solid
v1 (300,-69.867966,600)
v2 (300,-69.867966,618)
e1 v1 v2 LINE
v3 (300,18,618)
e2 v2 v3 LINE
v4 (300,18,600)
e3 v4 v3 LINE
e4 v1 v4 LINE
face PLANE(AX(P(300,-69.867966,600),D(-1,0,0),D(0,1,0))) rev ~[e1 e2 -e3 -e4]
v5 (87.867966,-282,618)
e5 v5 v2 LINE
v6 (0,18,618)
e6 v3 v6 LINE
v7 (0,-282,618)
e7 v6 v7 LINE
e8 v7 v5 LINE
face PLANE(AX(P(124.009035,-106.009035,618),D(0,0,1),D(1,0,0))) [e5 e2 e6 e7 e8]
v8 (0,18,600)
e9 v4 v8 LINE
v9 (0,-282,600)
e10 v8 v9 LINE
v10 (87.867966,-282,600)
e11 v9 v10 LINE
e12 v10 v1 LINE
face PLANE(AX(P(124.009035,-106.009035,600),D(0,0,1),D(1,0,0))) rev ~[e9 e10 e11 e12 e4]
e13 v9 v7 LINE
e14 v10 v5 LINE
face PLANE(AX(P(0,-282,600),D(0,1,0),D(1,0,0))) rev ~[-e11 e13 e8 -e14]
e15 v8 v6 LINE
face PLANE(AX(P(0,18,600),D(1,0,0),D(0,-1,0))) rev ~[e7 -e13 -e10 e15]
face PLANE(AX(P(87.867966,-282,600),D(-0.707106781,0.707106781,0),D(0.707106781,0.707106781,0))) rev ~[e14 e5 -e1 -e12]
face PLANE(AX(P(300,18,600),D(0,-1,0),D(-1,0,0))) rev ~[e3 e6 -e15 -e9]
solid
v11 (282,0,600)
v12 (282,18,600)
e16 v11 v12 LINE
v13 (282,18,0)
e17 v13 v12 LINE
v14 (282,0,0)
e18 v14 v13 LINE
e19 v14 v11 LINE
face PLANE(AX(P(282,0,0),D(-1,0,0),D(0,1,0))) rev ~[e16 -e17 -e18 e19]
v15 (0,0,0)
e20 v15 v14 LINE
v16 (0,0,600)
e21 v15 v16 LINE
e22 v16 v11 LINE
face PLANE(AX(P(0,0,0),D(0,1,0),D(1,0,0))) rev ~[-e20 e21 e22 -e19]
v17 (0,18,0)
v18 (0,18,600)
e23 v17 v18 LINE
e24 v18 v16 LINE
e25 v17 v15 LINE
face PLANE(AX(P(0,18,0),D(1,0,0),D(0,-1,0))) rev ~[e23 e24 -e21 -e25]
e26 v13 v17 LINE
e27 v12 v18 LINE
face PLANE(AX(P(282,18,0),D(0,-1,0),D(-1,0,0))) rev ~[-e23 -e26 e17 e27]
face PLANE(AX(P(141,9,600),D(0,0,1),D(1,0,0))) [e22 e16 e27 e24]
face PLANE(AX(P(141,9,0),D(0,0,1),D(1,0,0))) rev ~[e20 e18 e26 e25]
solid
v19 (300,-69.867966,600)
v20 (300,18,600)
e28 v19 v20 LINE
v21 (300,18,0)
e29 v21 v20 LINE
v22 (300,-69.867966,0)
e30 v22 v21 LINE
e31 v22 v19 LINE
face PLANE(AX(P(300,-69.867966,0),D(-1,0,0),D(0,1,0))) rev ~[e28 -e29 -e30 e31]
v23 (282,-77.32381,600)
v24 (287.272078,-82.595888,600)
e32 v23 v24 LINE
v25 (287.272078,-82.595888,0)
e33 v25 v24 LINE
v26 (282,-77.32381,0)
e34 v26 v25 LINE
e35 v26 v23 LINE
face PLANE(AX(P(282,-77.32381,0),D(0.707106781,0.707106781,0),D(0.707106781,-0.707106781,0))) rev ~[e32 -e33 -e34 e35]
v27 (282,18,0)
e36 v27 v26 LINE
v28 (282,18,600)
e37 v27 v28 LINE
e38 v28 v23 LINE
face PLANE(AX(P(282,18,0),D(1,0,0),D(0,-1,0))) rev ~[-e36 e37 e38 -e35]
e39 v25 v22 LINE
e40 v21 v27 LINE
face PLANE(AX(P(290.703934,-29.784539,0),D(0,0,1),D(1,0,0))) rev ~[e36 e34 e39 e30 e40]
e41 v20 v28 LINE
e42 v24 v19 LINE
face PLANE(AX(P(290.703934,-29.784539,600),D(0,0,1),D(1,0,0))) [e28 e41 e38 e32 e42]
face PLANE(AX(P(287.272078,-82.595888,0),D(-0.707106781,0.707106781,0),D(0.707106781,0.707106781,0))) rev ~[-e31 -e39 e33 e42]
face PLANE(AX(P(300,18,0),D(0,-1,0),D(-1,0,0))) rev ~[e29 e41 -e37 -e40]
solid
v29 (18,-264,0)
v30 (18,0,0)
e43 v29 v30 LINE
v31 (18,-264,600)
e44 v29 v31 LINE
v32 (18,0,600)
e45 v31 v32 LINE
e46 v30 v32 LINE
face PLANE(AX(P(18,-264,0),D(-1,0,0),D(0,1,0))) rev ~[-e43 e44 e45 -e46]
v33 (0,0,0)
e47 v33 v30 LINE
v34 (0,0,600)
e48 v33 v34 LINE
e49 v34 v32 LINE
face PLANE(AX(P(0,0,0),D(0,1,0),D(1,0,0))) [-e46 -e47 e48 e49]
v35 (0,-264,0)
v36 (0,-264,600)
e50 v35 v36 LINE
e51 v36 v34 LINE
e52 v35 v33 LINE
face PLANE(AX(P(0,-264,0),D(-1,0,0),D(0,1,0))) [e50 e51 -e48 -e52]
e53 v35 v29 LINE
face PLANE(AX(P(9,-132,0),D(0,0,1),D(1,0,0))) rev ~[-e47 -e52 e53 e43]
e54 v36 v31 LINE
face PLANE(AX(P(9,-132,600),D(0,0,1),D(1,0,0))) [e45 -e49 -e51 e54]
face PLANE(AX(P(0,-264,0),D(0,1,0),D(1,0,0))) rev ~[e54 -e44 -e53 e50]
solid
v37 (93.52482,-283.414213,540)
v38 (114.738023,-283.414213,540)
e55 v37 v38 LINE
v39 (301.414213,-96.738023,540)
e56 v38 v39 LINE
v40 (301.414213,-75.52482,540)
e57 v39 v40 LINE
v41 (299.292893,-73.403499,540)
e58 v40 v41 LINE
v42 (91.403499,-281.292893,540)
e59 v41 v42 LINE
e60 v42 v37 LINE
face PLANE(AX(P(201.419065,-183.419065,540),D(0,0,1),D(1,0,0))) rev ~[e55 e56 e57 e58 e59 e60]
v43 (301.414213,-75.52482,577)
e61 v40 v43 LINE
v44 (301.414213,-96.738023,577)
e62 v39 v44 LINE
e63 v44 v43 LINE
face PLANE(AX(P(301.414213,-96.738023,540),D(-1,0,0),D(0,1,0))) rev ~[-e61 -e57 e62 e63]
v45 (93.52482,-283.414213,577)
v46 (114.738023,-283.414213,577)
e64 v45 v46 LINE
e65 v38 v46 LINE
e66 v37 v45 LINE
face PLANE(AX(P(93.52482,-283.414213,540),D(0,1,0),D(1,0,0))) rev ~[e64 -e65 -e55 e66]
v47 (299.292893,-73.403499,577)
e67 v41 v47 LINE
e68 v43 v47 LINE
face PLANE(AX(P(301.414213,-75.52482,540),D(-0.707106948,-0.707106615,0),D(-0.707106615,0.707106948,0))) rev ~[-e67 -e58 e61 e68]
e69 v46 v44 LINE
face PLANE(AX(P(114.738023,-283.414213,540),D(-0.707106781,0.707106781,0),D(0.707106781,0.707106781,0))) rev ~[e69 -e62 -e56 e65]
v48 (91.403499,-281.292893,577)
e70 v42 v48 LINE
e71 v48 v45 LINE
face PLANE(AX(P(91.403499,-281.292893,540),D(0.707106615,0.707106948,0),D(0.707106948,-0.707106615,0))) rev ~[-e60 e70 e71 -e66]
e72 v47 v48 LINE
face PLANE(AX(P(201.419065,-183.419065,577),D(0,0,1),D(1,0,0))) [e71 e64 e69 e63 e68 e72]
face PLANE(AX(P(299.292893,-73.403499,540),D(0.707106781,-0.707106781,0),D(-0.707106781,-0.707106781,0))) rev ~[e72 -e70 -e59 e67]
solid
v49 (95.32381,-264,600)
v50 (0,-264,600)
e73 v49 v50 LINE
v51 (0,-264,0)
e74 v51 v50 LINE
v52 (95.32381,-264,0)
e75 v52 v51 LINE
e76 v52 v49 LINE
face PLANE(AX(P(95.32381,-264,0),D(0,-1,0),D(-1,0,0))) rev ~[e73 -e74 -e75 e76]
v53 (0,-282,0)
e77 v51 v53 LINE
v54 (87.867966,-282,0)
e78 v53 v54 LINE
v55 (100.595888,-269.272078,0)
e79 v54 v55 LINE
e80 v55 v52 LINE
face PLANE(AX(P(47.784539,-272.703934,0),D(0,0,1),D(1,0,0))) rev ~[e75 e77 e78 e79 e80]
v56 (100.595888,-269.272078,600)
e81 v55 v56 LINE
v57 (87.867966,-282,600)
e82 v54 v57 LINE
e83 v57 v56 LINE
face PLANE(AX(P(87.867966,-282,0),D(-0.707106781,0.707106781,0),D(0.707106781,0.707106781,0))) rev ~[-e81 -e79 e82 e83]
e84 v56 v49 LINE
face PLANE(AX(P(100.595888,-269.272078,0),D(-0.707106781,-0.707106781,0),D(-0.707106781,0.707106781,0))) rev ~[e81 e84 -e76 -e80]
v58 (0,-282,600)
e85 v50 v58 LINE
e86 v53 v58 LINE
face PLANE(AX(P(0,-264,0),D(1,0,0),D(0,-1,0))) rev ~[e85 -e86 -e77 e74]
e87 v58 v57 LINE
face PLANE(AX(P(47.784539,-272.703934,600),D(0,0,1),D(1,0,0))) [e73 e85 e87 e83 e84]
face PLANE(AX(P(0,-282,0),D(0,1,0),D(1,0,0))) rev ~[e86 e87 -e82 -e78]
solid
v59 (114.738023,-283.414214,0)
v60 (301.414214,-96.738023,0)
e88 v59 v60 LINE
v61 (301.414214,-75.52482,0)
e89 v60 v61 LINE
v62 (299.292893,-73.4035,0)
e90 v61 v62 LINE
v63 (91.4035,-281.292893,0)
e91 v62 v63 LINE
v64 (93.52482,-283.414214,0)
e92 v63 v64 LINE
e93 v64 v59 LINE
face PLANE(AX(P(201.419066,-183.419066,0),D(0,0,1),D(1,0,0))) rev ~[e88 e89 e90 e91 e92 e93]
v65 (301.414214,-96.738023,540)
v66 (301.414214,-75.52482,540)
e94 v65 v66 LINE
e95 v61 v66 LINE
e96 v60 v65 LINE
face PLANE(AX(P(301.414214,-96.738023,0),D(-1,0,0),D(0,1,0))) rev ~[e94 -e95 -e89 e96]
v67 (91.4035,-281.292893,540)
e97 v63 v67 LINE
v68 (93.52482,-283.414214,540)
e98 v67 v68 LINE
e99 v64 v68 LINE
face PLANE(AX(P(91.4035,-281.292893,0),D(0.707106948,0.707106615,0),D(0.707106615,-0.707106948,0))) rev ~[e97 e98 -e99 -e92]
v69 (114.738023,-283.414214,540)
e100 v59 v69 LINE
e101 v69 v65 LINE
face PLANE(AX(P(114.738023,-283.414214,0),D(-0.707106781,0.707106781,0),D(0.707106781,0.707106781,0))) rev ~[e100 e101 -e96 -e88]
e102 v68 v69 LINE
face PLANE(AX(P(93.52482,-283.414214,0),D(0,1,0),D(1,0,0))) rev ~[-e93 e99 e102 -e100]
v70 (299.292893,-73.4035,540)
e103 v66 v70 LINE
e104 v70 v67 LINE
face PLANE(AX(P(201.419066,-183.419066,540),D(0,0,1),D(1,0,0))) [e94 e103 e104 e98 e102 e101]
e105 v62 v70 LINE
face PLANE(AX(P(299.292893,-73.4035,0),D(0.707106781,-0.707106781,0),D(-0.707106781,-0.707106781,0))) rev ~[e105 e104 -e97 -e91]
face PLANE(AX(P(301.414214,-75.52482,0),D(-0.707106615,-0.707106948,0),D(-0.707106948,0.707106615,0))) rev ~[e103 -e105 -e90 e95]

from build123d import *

# Parameters (mm, degrees)
F0_W     = 18
F0_H     = 264
F1_DEPTH = 600
F2_DEPTH = 600
F3_DEPTH = 600
F4_DEPTH = 540
F6_DEPTH = 18
F7_DEPTH = 37


with BuildPart() as f1:
    # F0 (on Top) → F1 (new body)
    with BuildSketch(Plane.XY):
        with Locations((9, -132)):
            Rectangle(F0_W, F0_H)
    extrude(amount=F1_DEPTH)


with BuildPart() as f2:
    # F0 (on Top) → F2 (new body)
    with BuildSketch(Plane.XY):
        Polygon((0, 18), (0, 0), (18, 0), (282, 0), (282, 18), align=None)
    extrude(amount=F2_DEPTH)


with BuildPart() as f3:
    # F0 (on Top) → F3 (new body)
    with BuildSketch(Plane.XY):
        Polygon((18, -264), (0, -264), (0, -282), (87.867966, -282), (100.595888, -269.272078), (95.32381, -264), align=None)
        Polygon((282, 18), (282, 0), (282, -77.32381), (287.272078, -82.595888), (300, -69.867966), (300, 18), align=None)
    extrude(amount=F3_DEPTH)


with BuildPart() as f4:
    # F0 (on Top) → F4 (new body)
    with BuildSketch(Plane.XY):
        Polygon((93.52482, -283.414214), (114.738023, -283.414214), (301.414214, -96.738023), (301.414214, -75.52482), (299.292893, -73.4035), (91.4035, -281.292893), align=None)
    extrude(amount=F4_DEPTH)


with BuildPart() as f6:
    # F5 (on face) → F6 (new body)
    with BuildSketch(Plane.XY.offset(600)):
        Polygon((0, 0), (0, -264), (0, -282), (87.867966, -282), (300, -69.867966), (300, 18), (282, 18), (0, 18), align=None)
    extrude(amount=F6_DEPTH)


with BuildPart() as f7:
    # F4_face (on face) → F7 (new body)
    with BuildSketch(Plane(origin=(201.586561, -183.586561, 540), x_dir=(1, 0, 0), z_dir=(0, 0, 1))):
        Polygon((-110.183062, -97.706332), (-108.061741, -99.827652), (-86.848538, -99.827652), (99.827652, 86.848538), (99.827652, 108.061741), (97.706332, 110.183062), align=None)
    extrude(amount=F7_DEPTH)


solid = Compound([f1.part, f2.part, f3.part, f4.part, f6.part, f7.part])
